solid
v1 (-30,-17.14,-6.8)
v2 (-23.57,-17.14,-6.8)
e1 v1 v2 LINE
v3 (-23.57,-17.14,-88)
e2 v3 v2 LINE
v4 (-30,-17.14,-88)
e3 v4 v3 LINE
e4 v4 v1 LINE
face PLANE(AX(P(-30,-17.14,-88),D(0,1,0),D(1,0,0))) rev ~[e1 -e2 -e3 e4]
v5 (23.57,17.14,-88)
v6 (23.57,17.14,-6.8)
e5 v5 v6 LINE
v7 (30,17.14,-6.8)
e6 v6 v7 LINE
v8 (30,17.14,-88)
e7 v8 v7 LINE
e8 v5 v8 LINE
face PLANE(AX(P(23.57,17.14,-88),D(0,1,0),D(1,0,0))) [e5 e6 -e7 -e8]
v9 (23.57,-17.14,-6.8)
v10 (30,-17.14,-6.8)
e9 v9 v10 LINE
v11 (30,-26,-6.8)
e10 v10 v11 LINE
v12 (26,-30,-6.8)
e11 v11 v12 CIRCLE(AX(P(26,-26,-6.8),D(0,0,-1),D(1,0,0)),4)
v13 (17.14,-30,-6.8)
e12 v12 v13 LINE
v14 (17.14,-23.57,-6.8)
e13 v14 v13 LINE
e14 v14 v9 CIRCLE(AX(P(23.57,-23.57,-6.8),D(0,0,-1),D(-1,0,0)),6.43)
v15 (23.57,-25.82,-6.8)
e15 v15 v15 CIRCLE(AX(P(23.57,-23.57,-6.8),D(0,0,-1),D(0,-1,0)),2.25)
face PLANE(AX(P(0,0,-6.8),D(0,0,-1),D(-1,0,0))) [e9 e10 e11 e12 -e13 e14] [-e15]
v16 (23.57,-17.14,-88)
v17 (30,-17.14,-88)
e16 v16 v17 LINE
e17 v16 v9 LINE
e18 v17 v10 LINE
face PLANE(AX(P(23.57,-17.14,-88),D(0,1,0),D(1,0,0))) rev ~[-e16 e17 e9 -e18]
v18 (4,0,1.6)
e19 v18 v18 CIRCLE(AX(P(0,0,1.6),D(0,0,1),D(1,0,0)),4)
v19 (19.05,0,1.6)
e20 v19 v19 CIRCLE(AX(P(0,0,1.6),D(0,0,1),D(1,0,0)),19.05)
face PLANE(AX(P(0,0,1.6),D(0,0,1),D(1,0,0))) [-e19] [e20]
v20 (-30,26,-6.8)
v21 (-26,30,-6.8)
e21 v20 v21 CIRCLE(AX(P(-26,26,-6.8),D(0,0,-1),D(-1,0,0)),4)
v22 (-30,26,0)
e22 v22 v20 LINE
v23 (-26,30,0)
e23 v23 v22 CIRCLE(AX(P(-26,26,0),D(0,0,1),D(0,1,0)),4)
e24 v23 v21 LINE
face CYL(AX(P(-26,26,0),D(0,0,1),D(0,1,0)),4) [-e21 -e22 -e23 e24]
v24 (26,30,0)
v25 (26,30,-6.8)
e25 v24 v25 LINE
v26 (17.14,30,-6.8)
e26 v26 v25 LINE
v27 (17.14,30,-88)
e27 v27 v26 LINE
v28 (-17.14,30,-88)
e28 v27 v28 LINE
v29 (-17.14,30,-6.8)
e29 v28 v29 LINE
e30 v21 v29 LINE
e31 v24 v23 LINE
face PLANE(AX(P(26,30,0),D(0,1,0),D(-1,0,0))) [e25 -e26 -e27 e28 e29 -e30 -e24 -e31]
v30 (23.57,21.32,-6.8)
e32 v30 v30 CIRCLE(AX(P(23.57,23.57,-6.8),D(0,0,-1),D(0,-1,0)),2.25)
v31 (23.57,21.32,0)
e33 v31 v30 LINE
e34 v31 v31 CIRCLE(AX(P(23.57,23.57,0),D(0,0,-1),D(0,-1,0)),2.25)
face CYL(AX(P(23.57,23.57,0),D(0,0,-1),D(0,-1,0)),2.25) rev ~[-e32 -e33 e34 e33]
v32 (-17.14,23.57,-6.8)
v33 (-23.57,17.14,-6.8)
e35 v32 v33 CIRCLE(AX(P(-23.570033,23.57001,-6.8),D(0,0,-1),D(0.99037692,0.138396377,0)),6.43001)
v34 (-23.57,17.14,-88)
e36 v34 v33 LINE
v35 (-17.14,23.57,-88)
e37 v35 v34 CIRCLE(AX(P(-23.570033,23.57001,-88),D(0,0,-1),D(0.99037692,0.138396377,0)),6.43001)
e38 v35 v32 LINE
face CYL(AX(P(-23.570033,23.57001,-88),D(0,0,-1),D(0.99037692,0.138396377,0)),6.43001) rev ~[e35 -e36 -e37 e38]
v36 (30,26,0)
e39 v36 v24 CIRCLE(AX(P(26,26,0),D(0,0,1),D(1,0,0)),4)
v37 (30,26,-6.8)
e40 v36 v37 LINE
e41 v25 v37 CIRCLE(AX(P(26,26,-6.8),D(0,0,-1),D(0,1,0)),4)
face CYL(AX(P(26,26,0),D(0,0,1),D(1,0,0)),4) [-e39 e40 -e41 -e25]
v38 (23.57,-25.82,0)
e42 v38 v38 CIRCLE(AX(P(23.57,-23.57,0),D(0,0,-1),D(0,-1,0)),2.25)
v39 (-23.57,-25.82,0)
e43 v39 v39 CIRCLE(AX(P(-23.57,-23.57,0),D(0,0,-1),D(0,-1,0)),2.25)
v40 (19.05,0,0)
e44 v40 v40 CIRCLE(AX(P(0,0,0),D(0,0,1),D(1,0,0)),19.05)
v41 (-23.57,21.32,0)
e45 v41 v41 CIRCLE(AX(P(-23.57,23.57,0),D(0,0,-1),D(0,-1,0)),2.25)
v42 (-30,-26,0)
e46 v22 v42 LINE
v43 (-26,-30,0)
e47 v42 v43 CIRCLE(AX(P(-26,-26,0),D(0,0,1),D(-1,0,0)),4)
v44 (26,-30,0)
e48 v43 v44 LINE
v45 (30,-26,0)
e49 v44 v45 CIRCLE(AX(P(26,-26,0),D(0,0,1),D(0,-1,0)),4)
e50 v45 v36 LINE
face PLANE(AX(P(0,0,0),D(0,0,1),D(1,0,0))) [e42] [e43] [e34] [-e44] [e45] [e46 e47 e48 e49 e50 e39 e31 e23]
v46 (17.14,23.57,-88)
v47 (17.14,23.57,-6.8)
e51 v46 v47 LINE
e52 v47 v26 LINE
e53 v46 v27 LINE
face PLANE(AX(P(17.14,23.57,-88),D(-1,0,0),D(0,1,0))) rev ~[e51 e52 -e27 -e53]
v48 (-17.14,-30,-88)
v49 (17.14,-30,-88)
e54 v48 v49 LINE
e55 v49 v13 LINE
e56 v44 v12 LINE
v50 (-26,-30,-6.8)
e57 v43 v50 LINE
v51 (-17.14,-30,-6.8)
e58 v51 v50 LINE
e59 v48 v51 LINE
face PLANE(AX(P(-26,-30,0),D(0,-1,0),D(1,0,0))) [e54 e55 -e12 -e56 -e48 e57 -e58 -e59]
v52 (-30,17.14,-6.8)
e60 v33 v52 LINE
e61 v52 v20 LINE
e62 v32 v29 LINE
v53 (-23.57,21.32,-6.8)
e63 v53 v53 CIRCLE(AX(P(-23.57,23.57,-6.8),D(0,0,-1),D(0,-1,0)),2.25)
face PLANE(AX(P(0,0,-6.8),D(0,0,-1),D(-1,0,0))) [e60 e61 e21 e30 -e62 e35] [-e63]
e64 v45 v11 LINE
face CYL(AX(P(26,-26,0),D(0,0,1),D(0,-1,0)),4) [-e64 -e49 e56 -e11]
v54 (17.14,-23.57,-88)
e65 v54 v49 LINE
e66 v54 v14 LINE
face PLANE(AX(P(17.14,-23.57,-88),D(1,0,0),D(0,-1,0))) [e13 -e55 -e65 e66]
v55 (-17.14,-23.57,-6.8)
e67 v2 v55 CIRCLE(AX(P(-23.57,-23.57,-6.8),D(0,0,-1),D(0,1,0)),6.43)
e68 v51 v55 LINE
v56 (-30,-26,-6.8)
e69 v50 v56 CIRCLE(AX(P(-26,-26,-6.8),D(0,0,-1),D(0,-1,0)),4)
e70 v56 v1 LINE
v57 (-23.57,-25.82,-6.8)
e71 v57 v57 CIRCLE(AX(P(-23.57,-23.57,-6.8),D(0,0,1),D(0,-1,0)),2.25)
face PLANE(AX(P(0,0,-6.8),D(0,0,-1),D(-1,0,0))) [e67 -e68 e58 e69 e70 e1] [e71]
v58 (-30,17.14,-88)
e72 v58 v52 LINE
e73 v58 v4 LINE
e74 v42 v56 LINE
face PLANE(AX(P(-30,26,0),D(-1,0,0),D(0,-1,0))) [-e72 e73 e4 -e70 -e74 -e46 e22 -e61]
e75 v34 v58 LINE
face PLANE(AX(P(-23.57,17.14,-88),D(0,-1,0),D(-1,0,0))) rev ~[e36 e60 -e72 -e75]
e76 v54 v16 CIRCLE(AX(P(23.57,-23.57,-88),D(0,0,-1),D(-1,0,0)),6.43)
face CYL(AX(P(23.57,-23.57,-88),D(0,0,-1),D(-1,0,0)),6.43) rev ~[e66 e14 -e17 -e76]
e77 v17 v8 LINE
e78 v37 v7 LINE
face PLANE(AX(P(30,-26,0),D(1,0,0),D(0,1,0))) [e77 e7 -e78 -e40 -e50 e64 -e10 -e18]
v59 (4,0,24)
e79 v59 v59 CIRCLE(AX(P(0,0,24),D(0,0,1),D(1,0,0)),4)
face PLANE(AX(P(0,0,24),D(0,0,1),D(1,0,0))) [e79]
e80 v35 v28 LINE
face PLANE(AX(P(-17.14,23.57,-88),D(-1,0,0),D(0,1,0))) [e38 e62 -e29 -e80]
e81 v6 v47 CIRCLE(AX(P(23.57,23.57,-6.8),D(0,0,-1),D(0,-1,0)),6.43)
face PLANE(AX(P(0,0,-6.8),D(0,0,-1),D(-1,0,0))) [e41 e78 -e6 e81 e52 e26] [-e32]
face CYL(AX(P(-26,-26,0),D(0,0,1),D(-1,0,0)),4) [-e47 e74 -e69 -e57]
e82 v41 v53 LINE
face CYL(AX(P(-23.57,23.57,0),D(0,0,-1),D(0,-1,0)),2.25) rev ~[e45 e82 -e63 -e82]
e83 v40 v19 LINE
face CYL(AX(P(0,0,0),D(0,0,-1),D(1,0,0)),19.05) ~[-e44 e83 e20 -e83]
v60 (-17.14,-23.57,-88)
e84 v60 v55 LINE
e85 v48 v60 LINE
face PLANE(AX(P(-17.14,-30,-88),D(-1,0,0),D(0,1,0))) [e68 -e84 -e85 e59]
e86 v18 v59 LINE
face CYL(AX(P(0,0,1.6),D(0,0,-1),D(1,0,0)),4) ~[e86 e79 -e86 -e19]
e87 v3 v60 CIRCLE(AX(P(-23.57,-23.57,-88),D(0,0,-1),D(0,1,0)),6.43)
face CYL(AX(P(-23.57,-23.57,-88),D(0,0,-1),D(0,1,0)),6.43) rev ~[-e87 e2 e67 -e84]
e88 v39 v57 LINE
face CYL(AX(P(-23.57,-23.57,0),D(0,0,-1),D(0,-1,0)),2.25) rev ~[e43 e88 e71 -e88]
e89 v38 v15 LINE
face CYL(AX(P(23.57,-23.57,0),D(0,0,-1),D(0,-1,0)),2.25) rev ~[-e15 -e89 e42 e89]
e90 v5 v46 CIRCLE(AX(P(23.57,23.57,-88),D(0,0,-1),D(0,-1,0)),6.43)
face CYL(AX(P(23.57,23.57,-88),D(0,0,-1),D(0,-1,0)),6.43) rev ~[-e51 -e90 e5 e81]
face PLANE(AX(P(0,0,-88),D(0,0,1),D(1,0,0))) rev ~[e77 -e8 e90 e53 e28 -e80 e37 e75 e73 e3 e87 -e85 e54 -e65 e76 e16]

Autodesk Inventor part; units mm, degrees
ref_plane "YZ Plane" through (0, 0, 0) normal (1, 0, 0) x (0, 1, 0)
ref_plane "XZ Plane" through (0, 0, 0) normal (0, 1, 0) x (-1, 0, 0)
ref_plane "XY Plane" through (0, 0, 0) normal (0, 0, 1) x (1, 0, 0)
sketch "Skizze1" plane through (0, 0, 0) normal (0, 0, 1) x (1, 0, 0)
  line L0 (-26, -30) -> (26, -30)
  line L1 (30, -26) -> (30, 26)
  line L2 (26, 30) -> (-26, 30)
  line L3 (-30, 26) -> (-30, -26)
  line L4 (-30, -30) -> (30, 30) construction
  line L5 (30, -30) -> (-30, 30) construction
  arc A0 (30, 26) -> (26, 30) centre (26, 26) ccw
  arc A1 (26, -30) -> (30, -26) centre (26, -26) ccw
  arc A2 (-30, -26) -> (-26, -30) centre (-26, -26) ccw
  arc A3 (-26, 30) -> (-30, 26) centre (-26, 26) ccw
  point P0 (0, 0)
  dimension "d0" = 4
  dimension "d1" = 60
extrude "Extrusion1" add sketch "Skizze1" against normal blind 88
sketch "Skizze2" plane through (0, 0, 0) normal (0, 0, 1) x (1, 0, 0)
  circle A0 centre (0, 0) radius 19.05
  dimension "d4" = 38.1
extrude "Extrusion2" add sketch "Skizze2" along normal blind 1.6
sketch "Skizze4" plane through (0, 0, 0) normal (0, 0, 1) x (1, 0, 0)
  circle A0 centre (0, 0) radius 19.05 projected
  line L0 (30, 26) -> (30, -26) projected
  arc A1 (30, 26) -> (26, 30) centre (26, 26) ccw projected
  line L1 (-26, 30) -> (26, 30) projected
  arc A2 (-26, 30) -> (-30, 26) centre (-26, 26) ccw projected
  line L2 (-30, -26) -> (-30, 26) projected
  arc A3 (-30, -26) -> (-26, -30) centre (-26, -26) ccw projected
  line L3 (26, -30) -> (-26, -30) projected
  arc A4 (26, -30) -> (30, -26) centre (26, -26) ccw projected
  line L4 (26, -26) -> (-26, 26) construction
  line L5 (-23.57, 23.57) -> (23.57, 23.57) construction
  line L6 (23.57, 23.57) -> (23.57, -23.57) construction
  line L7 (23.57, -23.57) -> (-23.57, -23.57) construction
  line L8 (-23.57, -23.57) -> (-23.57, 23.57) construction
  line L9 (-23.57, 23.57) -> (23.57, -23.57) construction
  line L10 (23.57, 23.57) -> (-23.57, -23.57) construction
  dimension "d15" = 47.14
hole "Bohrung1" at (23.57, 23.57, 0) at (-23.57, 23.57, 0) at (-23.57, -23.57, 0) at (23.57, -23.57, 0) direction (0, 0, -1) diameter 4.5 end through all
sketch "Skizze5" plane through (0, 0, 1.6) normal (0, 0, 1) x (1, 0, 0)
  circle A0 centre (0, 0) radius 4
  dimension "d23" = 8
extrude "Extrusion4" add sketch "Skizze5" along normal blind 22.4
sketch "Skizze7" plane through (0, 0, -88) normal (0, 0, -1) x (-1, 0, 0)
  circle A0 centre (23.57, -23.57) radius 2.25 projected
  circle A1 centre (-23.57, 23.57) radius 2.25 projected
  circle A2 centre (23.57, 23.57) radius 2.25 projected
  circle A3 centre (-23.57, -23.57) radius 2.25 projected
  line L0 (-30, 26) -> (-30, -26) projected
  arc A4 (-30, -26) -> (-26, -30) centre (-26, -26) ccw projected
  line L1 (-26, -30) -> (26, -30) projected
  arc A5 (26, -30) -> (30, -26) centre (26, -26) ccw projected
  line L2 (30, -26) -> (30, 26) projected
  arc A6 (30, 26) -> (26, 30) centre (26, 26) ccw projected
  line L3 (26, 30) -> (-26, 30) projected
  arc A7 (-26, 30) -> (-30, 26) centre (-26, 26) ccw projected
  circle A8 centre (23.57, -23.57) radius 6.43 construction
  line L4 (30, -26) -> (30, 26) projected
  line L5 (30, -17.14) -> (23.57, -17.14)
  line L6 (-26, -30) -> (26, -30) projected
  line L7 (17.14, -30) -> (17.14, -23.57)
  arc A9 (23.57, -17.14) -> (17.14, -23.57) centre (23.57, -23.57) ccw
  arc A10 (-17.14, -23.57) -> (-23.57, -17.14) centre (-23.57, -23.57) ccw
  arc A11 (17.2019, 24.4599) -> (23.57, 17.14) centre (23.57, 23.57) ccw
  arc A12 (-23.57, 17.14) -> (-17.14, 23.57) centre (-23.57, 23.57) ccw
  line L8 (23.57, 17.14) -> (30, 17.14)
  line L9 (17.14, 23.57) -> (17.14, 30)
  line L10 (26, 30) -> (-26, 30) projected
  line L11 (-17.14, 23.57) -> (-17.14, 30)
  line L12 (-23.57, 17.14) -> (-30, 17.14)
  line L13 (-23.57, -17.14) -> (-30, -17.14)
  line L14 (-17.14, -23.57) -> (-17.14, -30)
  point P0 (0, 0)
extrude "Extrusion6" cut sketch "Skizze7" against normal blind 81.2 contours A7 L3 L11 A12 L12 L0 | L13 A10 L14 L1 A4 L0 | L3 A6 L2 L8 A11 L9 | L7 A9 L5 L2 A5 L1
sketch "Skizze8" plane through (0, 0, -88) normal (0, 0, -1) x (-1, 0, 0)
  circle A0 centre (23.57, -23.57) radius 2.25 construction
  circle A1 centre (-23.57, 23.57) radius 2.25 construction
  circle A2 centre (23.57, 23.57) radius 2.25 construction
  circle A3 centre (-23.57, -23.57) radius 2.25 construction
  circle A4 centre (0, 0) radius 19.05 construction
  line L0 (-30, 26) -> (-30, -26) construction
  arc A5 (-26, 30) -> (-30, 26) centre (-26, 26) ccw construction
  line L1 (26, 30) -> (-26, 30) construction
  arc A6 (30, 26) -> (26, 30) centre (26, 26) ccw construction
  line L2 (30, -26) -> (30, 26) construction
  arc A7 (26, -30) -> (30, -26) centre (26, -26) ccw construction
  line L3 (-26, -30) -> (26, -30) construction
  arc A8 (-30, -26) -> (-26, -30) centre (-26, -26) ccw construction
  circle A9 centre (0, 0) radius 42.4264 construction
  line L4 (30, 30) -> (-30, 30) construction
  line L5 (-30, 30) -> (-30, -30) construction
  line L6 (-30, -30) -> (30, -30) construction
  line L7 (30, -30) -> (30, 30) construction
  line L8 (30, 30) -> (-30, -30) construction
  line L9 (-30, 30) -> (30, -30) construction
  line L10 (-17.14, -30) -> (17.14, -30) construction
  line L11 (-30, 17.14) -> (-30, -17.14) construction
sketch "Skizze9" plane through (0, 0, -88) normal (0, 0, -1) x (-1, 0, 0)
  circle A0 centre (0, 0) radius 4 projected
equation "\"d1\" = breite"
equation "\"d2\" = Laenge"
equation "\"d4\" = fit"
equation "\"d5\" = fit_l"
equation "\"d15\" = lochabstand"
equation "\"d16\" = bohrung_d"
equation "\"d23\" = schaft_d"
equation "\"d24\" = schaft_l"
equation "\"d28\" = Laenge - Mount_l"
equation "\"breite\" = 60"
equation "\"lochabstand\" = 47.14"
equation "\"schaft_d\" = 8"
equation "\"fit\" = 38.1"
equation "\"fit_l\" = 1.6"
equation "\"Mount_l\" = 6.8"
equation "\"Laenge\" = 88"
equation "\"bohrung_d\" = 4.5"
equation "\"schaft_l\" = 22.4"
properties part number "Nema24 - L88" material "Stahl, Guss"
